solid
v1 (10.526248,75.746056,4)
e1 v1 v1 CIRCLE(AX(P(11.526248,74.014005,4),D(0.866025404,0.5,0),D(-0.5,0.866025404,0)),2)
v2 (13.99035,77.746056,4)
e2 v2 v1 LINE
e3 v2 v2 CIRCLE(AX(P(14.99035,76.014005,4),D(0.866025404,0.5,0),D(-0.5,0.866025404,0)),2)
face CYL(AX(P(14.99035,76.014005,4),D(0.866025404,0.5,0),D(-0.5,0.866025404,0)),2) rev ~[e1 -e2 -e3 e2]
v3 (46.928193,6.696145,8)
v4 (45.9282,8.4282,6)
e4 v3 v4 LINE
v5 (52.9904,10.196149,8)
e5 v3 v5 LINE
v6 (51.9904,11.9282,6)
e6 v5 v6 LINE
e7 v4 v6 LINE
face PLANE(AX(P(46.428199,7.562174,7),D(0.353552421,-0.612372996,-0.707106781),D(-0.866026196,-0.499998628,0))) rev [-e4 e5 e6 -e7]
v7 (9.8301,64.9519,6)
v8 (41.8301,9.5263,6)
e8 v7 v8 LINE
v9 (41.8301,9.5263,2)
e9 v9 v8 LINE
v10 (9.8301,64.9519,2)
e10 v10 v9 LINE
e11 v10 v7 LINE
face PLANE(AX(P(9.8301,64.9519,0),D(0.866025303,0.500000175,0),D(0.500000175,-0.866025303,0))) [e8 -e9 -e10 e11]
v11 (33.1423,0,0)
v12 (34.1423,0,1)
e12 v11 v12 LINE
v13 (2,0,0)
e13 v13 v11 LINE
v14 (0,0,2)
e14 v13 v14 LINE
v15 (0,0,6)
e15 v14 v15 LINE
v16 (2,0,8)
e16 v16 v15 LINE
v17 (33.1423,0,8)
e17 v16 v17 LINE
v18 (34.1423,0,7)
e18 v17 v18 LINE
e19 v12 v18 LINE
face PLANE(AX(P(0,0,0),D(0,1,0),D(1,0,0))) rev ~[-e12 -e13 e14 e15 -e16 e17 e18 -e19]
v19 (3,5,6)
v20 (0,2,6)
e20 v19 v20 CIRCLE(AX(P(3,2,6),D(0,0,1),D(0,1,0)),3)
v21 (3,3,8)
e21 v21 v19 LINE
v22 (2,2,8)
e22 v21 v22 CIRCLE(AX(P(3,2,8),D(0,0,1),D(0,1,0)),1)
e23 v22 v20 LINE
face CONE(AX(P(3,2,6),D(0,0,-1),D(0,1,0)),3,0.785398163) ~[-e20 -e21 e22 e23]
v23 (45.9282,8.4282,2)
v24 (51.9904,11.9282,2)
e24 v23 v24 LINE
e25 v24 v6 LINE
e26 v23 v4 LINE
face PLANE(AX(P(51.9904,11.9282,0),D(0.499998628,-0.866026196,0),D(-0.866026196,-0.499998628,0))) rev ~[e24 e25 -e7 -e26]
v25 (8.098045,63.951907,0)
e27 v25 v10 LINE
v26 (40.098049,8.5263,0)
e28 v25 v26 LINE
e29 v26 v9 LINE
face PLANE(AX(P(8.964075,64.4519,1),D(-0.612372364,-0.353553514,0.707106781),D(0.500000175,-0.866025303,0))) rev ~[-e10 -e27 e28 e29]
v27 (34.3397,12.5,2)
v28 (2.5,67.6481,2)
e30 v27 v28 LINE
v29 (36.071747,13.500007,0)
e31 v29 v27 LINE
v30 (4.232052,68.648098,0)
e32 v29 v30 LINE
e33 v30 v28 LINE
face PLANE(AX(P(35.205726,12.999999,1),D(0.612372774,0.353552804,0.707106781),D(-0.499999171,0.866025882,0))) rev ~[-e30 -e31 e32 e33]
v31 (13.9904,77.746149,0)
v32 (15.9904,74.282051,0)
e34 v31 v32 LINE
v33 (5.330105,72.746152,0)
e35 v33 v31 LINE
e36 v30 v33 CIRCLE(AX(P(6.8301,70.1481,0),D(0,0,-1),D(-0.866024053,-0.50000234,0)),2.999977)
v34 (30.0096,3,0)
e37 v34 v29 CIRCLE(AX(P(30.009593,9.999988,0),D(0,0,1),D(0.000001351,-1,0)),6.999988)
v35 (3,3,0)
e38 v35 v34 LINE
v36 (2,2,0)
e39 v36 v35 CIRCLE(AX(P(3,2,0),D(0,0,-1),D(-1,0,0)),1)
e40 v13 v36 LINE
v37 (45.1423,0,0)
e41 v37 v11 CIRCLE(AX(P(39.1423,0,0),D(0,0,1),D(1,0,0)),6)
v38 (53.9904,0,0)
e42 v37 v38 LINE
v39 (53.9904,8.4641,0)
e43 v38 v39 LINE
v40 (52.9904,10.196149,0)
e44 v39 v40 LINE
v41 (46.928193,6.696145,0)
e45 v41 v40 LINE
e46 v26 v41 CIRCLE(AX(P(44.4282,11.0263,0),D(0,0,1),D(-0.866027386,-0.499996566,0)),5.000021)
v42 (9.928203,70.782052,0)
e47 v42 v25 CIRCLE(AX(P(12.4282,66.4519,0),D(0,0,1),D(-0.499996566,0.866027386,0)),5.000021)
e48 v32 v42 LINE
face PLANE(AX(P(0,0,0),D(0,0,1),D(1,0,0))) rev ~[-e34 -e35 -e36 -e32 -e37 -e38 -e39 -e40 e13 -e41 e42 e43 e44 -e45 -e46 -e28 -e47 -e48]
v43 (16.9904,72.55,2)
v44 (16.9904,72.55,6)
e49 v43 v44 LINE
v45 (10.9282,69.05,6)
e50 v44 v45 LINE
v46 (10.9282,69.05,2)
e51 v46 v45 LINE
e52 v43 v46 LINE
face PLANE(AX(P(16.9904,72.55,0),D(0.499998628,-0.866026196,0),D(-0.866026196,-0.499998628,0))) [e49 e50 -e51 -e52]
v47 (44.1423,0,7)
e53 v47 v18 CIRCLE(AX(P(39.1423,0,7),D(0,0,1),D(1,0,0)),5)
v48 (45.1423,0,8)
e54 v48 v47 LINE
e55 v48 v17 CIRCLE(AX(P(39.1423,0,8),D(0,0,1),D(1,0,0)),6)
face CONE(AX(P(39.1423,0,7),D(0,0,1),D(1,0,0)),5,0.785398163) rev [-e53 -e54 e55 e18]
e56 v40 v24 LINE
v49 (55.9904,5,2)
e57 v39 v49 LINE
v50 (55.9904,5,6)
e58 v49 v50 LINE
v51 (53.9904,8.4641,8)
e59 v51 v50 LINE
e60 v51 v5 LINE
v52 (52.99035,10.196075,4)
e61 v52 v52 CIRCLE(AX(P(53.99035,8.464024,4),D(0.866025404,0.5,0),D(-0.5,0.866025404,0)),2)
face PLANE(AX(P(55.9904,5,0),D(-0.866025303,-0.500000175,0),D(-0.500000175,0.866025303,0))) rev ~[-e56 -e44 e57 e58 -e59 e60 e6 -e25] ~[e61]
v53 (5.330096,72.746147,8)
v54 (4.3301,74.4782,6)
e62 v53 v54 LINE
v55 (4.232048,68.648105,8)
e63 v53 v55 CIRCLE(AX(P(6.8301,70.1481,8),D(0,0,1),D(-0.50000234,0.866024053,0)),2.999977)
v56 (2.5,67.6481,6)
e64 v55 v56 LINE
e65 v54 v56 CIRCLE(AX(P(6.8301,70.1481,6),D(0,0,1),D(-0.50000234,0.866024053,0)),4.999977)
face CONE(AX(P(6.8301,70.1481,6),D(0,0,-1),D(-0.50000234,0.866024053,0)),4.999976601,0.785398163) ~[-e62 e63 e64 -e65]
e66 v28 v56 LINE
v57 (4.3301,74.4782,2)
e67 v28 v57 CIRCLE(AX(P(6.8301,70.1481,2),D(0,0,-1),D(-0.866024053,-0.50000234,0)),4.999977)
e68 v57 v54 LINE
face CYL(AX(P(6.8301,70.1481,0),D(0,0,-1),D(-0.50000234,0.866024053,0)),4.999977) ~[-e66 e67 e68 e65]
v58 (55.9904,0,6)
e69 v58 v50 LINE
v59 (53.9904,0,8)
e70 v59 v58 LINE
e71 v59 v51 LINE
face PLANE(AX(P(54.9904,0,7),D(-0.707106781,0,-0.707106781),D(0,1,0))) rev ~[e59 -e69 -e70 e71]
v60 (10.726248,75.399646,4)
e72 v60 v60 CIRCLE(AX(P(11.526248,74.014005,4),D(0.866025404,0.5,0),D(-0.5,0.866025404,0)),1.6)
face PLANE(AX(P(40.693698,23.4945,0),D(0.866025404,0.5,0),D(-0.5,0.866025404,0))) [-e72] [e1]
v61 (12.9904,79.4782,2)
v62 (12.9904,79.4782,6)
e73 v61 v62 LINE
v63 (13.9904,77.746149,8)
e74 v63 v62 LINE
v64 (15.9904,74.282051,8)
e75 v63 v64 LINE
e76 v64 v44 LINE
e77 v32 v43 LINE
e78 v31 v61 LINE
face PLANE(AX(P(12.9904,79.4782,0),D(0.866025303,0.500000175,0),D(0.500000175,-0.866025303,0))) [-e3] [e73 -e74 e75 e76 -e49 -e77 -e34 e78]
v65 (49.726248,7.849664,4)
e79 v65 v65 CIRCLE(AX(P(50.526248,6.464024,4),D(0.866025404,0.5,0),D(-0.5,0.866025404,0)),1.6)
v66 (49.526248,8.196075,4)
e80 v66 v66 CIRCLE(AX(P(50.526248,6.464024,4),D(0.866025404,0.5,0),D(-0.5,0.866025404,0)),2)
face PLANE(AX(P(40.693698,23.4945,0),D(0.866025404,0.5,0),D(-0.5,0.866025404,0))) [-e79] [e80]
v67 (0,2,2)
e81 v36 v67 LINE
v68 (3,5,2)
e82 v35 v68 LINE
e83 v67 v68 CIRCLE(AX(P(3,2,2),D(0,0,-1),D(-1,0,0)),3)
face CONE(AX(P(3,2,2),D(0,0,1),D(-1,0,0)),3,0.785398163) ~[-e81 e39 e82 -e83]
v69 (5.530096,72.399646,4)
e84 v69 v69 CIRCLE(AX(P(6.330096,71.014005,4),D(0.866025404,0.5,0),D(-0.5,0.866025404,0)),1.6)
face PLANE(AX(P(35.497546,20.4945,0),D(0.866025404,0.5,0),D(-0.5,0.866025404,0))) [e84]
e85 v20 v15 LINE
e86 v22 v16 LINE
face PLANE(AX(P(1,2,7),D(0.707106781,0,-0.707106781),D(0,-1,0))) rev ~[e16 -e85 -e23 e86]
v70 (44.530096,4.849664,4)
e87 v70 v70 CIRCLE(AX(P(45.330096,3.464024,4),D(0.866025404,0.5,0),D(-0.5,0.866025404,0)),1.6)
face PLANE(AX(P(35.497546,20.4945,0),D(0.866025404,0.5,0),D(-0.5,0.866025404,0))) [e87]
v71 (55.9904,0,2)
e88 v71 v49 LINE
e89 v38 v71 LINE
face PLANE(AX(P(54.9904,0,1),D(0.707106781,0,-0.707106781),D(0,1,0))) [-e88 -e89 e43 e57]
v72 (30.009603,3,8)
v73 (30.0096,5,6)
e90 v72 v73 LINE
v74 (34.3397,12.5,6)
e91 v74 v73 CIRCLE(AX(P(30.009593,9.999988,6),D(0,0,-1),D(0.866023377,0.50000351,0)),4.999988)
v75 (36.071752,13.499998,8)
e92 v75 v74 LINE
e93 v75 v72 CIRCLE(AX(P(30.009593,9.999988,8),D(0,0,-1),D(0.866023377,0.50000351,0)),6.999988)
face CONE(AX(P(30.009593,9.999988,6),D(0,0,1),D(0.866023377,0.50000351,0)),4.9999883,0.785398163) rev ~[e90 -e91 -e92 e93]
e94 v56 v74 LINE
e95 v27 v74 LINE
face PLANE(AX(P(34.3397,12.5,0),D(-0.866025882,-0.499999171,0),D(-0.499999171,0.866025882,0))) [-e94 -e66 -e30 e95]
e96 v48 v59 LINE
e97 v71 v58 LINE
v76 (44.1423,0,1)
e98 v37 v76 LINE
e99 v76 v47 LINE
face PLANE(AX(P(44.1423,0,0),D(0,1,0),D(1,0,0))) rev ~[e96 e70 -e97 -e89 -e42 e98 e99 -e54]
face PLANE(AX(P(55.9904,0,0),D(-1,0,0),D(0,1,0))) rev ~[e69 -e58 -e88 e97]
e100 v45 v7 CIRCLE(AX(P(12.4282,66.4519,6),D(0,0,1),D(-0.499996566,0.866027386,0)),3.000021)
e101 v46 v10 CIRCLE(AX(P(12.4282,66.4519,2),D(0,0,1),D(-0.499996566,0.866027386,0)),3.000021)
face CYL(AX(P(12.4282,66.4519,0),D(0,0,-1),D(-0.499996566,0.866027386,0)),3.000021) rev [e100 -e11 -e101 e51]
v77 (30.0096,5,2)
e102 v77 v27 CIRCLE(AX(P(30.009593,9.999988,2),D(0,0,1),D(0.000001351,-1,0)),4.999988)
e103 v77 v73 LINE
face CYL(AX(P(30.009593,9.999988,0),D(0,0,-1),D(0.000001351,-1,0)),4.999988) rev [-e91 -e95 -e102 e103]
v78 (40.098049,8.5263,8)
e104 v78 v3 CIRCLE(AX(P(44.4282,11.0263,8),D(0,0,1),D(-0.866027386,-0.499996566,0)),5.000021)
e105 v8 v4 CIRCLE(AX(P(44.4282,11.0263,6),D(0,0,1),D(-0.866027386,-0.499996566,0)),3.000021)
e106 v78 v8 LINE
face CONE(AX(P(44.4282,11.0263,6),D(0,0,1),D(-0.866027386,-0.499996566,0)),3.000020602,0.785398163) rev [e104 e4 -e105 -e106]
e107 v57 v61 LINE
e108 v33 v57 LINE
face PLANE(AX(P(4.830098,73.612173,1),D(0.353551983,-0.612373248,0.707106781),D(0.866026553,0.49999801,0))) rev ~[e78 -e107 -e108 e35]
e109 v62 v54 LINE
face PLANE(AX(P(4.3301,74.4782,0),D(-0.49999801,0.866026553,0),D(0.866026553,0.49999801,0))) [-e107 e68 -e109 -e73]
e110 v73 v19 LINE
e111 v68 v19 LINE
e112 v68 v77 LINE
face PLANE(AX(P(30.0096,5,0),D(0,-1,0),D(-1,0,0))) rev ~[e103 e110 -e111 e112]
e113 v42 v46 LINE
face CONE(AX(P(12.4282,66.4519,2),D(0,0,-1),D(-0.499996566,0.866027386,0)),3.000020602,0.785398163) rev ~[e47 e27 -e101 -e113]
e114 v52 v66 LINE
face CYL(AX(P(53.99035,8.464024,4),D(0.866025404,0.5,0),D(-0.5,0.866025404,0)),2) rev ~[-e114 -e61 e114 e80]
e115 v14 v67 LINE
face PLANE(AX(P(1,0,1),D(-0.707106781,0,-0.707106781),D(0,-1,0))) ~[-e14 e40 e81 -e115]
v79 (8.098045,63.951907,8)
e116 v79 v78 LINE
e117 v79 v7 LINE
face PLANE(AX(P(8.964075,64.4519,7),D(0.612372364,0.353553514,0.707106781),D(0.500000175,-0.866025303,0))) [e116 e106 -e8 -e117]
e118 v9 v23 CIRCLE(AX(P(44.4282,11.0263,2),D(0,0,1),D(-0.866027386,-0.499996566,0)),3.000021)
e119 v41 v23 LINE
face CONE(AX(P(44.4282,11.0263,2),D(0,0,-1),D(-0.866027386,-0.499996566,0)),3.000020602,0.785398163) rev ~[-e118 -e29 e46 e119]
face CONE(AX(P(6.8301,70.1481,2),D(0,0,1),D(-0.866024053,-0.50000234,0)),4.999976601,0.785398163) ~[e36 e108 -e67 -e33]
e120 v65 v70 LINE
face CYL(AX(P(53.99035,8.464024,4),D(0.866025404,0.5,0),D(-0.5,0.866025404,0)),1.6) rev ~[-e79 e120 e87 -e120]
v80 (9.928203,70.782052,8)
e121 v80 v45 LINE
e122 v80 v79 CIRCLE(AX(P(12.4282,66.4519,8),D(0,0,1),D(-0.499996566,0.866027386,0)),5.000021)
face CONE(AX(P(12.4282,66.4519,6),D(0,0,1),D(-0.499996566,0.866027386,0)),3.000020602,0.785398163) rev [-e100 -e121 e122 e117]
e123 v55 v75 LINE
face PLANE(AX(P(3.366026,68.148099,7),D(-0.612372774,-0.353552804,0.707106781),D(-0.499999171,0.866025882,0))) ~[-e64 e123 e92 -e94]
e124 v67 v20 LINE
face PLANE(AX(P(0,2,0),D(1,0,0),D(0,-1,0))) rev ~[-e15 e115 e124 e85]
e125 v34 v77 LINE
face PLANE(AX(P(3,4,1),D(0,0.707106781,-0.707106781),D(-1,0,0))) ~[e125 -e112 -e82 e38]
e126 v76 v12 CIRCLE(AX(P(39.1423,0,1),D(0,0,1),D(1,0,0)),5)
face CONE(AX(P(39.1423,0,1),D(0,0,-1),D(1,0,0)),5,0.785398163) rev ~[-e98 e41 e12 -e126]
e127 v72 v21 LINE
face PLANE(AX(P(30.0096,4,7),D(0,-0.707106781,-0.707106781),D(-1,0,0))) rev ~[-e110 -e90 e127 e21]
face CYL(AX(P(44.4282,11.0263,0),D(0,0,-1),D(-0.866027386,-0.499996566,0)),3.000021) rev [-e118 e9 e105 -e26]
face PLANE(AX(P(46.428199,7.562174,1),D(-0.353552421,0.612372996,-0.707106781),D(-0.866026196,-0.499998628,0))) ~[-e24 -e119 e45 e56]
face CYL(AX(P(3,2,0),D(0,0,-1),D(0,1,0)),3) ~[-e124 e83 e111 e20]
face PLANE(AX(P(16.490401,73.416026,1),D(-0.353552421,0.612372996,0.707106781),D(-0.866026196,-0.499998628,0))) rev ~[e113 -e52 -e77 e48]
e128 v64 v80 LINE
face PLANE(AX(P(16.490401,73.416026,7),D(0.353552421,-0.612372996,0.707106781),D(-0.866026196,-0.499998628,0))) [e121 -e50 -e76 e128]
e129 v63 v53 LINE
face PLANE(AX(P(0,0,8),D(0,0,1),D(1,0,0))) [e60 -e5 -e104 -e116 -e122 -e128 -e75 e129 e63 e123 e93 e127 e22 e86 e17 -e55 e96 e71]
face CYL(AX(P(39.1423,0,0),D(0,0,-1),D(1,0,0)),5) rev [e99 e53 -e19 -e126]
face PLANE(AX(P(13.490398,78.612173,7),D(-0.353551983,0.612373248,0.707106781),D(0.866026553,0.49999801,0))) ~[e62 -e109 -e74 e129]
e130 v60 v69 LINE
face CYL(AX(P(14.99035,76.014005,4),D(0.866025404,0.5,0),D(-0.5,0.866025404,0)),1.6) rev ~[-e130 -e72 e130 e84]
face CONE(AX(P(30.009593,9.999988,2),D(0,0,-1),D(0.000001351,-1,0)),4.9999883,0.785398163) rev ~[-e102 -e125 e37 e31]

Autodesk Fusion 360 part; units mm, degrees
sketch "Sketch1" plane through (0, 0, 0) normal (0, 0, 1) x (1, 0, 0)
  line L0 (0, 0) -> (55.9904, 0)
  line L1 (55.9904, 0) -> (55.9904, 5)
  line L2 (30.0096, 5) -> (3, 5)
  line L3 (0, 5) -> (0, 0)
  line L4 (34.3397, 12.5) -> (2.5, 67.6481)
  line L5 (41.5566, 0) -> (125.219, 0) construction
  line L6 (9.8301, 64.9519) -> (41.8301, 9.5263)
  line L7 (4.3301, 74.4782) -> (12.9904, 79.4782)
  line L8 (12.9904, 79.4782) -> (16.9904, 72.55)
  line L9 (16.9904, 72.55) -> (10.9282, 69.05)
  line L10 (14.9904, 76.0141) -> (36.6637, 88.5272) construction
  line L11 (0, 2) -> (0, 0) construction
  line L12 (55.9904, 5) -> (51.9904, 11.9282)
  line L13 (51.9904, 11.9282) -> (45.9282, 8.4282)
  arc A0 (4.3301, 74.4782) -> (2.5, 67.6481) centre (6.8301, 70.1481) ccw
  arc A1 (3, 5) -> (0, 2) centre (3, 2) ccw
  arc A2 (30.0096, 5) -> (34.3397, 12.5) centre (30.0096, 10) ccw
  arc A3 (41.8301, 9.5263) -> (45.9282, 8.4282) centre (44.4282, 11.0263) ccw
  arc A4 (10.9282, 69.05) -> (9.8301, 64.9519) centre (12.4282, 66.4519) ccw
  arc A5 (44.1423, 0) -> (34.1423, 0) centre (39.1423, 0) ccw
  line L14 (53.9904, 8.4641) -> (45.1077, 3.3357) construction
  point P0 (0, 71.9782)
  dimension "d1" = 5
  dimension "d2" = 120
  dimension "d3" = 5
  dimension "d4" = 8
  dimension "d8" = 8
  dimension "d9" = 5
  dimension "d10" = 3
  dimension "d11" = 5
  dimension "d12" = 3
  dimension "d13" = 3
  dimension "d24" = 5
  dimension "d30" = 10
  dimension "d31" = 5
  dimension "d32" = 78
extrude "Extrude1" add sketch "Sketch1" along normal blind 8 contours L0 L1 L2 L3 L4 L6 L7 L8 L9 L12 L13 A0 A1 A2 A3 A4 A5
sketch "Sketch2" plane through (44.1578, 25.4945, 0) normal (0.866, 0.5, 0) x (-0.5, 0.866, 0)
  line L0 (54.3349, 0) -> (62.3349, 0)
  line L1 (62.3349, 0) -> (62.3349, 8)
  line L2 (62.3349, 8) -> (54.3349, 8)
  line L3 (54.3349, 8) -> (54.3349, 0)
  line L4 (-23.6651, 0) -> (-15.6651, 0) construction
  line L5 (-15.6651, 0) -> (-15.6651, 8) construction
  line L6 (-15.6651, 8) -> (-23.6651, 8) construction
  line L7 (-23.6651, 8) -> (-23.6651, 0) construction
  line L8 (54.3349, 8) -> (62.3349, 0) construction
  line L9 (62.3349, 8) -> (54.3349, 0) construction
  line L10 (-23.6651, 8) -> (-15.6651, 0) construction
  line L11 (-15.6651, 8) -> (-23.6651, 0) construction
  circle A0 centre (-19.6651, 4) radius 2
  circle A1 centre (58.3349, 4) radius 2
  circle A2 centre (-19.6651, 4) radius 1.6
  circle A3 centre (58.3349, 4) radius 1.6
  dimension "d16" = 4
  dimension "d17" = 4
  dimension "d26" = 3.2
  dimension "d27" = 3.2
extrude "Extrude2" cut sketch "Sketch2" against normal blind 4 contours A0 | A1 | A2 | A3
extrude "Extrude3" cut sketch "Sketch2" against normal blind 10 contours A2 | A3
chamfer "Chamfer1" distance 2 angle 45 26 edges at (16.5048, 5, 8) (34.3397, 7.5, 8) (18.4199, 40.074, 8) (2.0005, 71.4422, 8) (8.6602, 76.9782, 8) (0, 1, 8) (0.8787, 4.1213, 8) (25.8301, 37.2391, 8) (43.6517, 8.1285, 8) (48.9593, 10.1782, 8) (13.9593, 70.8, 8) (9.5304, 67.2284, 8) (25.8301, 37.2391, 0) (9.5304, 67.2284, 0) (13.9593, 70.8, 0) (48.9593, 10.1782, 0) (43.6517, 8.1285, 0) (18.4199, 40.074, 0) (34.3397, 7.5, 0) (16.5048, 5, 0) (0.8787, 4.1213, 0) (0, 1, 0) (8.6602, 76.9782, 0) (2.0005, 71.4422, 0) (55.9904, 2.5, 8) (55.9904, 2.5, 0)
chamfer "Chamfer2" distance 1 angle 45 2 edges at (39.1423, 5, 0) (39.1423, 5, 8)
